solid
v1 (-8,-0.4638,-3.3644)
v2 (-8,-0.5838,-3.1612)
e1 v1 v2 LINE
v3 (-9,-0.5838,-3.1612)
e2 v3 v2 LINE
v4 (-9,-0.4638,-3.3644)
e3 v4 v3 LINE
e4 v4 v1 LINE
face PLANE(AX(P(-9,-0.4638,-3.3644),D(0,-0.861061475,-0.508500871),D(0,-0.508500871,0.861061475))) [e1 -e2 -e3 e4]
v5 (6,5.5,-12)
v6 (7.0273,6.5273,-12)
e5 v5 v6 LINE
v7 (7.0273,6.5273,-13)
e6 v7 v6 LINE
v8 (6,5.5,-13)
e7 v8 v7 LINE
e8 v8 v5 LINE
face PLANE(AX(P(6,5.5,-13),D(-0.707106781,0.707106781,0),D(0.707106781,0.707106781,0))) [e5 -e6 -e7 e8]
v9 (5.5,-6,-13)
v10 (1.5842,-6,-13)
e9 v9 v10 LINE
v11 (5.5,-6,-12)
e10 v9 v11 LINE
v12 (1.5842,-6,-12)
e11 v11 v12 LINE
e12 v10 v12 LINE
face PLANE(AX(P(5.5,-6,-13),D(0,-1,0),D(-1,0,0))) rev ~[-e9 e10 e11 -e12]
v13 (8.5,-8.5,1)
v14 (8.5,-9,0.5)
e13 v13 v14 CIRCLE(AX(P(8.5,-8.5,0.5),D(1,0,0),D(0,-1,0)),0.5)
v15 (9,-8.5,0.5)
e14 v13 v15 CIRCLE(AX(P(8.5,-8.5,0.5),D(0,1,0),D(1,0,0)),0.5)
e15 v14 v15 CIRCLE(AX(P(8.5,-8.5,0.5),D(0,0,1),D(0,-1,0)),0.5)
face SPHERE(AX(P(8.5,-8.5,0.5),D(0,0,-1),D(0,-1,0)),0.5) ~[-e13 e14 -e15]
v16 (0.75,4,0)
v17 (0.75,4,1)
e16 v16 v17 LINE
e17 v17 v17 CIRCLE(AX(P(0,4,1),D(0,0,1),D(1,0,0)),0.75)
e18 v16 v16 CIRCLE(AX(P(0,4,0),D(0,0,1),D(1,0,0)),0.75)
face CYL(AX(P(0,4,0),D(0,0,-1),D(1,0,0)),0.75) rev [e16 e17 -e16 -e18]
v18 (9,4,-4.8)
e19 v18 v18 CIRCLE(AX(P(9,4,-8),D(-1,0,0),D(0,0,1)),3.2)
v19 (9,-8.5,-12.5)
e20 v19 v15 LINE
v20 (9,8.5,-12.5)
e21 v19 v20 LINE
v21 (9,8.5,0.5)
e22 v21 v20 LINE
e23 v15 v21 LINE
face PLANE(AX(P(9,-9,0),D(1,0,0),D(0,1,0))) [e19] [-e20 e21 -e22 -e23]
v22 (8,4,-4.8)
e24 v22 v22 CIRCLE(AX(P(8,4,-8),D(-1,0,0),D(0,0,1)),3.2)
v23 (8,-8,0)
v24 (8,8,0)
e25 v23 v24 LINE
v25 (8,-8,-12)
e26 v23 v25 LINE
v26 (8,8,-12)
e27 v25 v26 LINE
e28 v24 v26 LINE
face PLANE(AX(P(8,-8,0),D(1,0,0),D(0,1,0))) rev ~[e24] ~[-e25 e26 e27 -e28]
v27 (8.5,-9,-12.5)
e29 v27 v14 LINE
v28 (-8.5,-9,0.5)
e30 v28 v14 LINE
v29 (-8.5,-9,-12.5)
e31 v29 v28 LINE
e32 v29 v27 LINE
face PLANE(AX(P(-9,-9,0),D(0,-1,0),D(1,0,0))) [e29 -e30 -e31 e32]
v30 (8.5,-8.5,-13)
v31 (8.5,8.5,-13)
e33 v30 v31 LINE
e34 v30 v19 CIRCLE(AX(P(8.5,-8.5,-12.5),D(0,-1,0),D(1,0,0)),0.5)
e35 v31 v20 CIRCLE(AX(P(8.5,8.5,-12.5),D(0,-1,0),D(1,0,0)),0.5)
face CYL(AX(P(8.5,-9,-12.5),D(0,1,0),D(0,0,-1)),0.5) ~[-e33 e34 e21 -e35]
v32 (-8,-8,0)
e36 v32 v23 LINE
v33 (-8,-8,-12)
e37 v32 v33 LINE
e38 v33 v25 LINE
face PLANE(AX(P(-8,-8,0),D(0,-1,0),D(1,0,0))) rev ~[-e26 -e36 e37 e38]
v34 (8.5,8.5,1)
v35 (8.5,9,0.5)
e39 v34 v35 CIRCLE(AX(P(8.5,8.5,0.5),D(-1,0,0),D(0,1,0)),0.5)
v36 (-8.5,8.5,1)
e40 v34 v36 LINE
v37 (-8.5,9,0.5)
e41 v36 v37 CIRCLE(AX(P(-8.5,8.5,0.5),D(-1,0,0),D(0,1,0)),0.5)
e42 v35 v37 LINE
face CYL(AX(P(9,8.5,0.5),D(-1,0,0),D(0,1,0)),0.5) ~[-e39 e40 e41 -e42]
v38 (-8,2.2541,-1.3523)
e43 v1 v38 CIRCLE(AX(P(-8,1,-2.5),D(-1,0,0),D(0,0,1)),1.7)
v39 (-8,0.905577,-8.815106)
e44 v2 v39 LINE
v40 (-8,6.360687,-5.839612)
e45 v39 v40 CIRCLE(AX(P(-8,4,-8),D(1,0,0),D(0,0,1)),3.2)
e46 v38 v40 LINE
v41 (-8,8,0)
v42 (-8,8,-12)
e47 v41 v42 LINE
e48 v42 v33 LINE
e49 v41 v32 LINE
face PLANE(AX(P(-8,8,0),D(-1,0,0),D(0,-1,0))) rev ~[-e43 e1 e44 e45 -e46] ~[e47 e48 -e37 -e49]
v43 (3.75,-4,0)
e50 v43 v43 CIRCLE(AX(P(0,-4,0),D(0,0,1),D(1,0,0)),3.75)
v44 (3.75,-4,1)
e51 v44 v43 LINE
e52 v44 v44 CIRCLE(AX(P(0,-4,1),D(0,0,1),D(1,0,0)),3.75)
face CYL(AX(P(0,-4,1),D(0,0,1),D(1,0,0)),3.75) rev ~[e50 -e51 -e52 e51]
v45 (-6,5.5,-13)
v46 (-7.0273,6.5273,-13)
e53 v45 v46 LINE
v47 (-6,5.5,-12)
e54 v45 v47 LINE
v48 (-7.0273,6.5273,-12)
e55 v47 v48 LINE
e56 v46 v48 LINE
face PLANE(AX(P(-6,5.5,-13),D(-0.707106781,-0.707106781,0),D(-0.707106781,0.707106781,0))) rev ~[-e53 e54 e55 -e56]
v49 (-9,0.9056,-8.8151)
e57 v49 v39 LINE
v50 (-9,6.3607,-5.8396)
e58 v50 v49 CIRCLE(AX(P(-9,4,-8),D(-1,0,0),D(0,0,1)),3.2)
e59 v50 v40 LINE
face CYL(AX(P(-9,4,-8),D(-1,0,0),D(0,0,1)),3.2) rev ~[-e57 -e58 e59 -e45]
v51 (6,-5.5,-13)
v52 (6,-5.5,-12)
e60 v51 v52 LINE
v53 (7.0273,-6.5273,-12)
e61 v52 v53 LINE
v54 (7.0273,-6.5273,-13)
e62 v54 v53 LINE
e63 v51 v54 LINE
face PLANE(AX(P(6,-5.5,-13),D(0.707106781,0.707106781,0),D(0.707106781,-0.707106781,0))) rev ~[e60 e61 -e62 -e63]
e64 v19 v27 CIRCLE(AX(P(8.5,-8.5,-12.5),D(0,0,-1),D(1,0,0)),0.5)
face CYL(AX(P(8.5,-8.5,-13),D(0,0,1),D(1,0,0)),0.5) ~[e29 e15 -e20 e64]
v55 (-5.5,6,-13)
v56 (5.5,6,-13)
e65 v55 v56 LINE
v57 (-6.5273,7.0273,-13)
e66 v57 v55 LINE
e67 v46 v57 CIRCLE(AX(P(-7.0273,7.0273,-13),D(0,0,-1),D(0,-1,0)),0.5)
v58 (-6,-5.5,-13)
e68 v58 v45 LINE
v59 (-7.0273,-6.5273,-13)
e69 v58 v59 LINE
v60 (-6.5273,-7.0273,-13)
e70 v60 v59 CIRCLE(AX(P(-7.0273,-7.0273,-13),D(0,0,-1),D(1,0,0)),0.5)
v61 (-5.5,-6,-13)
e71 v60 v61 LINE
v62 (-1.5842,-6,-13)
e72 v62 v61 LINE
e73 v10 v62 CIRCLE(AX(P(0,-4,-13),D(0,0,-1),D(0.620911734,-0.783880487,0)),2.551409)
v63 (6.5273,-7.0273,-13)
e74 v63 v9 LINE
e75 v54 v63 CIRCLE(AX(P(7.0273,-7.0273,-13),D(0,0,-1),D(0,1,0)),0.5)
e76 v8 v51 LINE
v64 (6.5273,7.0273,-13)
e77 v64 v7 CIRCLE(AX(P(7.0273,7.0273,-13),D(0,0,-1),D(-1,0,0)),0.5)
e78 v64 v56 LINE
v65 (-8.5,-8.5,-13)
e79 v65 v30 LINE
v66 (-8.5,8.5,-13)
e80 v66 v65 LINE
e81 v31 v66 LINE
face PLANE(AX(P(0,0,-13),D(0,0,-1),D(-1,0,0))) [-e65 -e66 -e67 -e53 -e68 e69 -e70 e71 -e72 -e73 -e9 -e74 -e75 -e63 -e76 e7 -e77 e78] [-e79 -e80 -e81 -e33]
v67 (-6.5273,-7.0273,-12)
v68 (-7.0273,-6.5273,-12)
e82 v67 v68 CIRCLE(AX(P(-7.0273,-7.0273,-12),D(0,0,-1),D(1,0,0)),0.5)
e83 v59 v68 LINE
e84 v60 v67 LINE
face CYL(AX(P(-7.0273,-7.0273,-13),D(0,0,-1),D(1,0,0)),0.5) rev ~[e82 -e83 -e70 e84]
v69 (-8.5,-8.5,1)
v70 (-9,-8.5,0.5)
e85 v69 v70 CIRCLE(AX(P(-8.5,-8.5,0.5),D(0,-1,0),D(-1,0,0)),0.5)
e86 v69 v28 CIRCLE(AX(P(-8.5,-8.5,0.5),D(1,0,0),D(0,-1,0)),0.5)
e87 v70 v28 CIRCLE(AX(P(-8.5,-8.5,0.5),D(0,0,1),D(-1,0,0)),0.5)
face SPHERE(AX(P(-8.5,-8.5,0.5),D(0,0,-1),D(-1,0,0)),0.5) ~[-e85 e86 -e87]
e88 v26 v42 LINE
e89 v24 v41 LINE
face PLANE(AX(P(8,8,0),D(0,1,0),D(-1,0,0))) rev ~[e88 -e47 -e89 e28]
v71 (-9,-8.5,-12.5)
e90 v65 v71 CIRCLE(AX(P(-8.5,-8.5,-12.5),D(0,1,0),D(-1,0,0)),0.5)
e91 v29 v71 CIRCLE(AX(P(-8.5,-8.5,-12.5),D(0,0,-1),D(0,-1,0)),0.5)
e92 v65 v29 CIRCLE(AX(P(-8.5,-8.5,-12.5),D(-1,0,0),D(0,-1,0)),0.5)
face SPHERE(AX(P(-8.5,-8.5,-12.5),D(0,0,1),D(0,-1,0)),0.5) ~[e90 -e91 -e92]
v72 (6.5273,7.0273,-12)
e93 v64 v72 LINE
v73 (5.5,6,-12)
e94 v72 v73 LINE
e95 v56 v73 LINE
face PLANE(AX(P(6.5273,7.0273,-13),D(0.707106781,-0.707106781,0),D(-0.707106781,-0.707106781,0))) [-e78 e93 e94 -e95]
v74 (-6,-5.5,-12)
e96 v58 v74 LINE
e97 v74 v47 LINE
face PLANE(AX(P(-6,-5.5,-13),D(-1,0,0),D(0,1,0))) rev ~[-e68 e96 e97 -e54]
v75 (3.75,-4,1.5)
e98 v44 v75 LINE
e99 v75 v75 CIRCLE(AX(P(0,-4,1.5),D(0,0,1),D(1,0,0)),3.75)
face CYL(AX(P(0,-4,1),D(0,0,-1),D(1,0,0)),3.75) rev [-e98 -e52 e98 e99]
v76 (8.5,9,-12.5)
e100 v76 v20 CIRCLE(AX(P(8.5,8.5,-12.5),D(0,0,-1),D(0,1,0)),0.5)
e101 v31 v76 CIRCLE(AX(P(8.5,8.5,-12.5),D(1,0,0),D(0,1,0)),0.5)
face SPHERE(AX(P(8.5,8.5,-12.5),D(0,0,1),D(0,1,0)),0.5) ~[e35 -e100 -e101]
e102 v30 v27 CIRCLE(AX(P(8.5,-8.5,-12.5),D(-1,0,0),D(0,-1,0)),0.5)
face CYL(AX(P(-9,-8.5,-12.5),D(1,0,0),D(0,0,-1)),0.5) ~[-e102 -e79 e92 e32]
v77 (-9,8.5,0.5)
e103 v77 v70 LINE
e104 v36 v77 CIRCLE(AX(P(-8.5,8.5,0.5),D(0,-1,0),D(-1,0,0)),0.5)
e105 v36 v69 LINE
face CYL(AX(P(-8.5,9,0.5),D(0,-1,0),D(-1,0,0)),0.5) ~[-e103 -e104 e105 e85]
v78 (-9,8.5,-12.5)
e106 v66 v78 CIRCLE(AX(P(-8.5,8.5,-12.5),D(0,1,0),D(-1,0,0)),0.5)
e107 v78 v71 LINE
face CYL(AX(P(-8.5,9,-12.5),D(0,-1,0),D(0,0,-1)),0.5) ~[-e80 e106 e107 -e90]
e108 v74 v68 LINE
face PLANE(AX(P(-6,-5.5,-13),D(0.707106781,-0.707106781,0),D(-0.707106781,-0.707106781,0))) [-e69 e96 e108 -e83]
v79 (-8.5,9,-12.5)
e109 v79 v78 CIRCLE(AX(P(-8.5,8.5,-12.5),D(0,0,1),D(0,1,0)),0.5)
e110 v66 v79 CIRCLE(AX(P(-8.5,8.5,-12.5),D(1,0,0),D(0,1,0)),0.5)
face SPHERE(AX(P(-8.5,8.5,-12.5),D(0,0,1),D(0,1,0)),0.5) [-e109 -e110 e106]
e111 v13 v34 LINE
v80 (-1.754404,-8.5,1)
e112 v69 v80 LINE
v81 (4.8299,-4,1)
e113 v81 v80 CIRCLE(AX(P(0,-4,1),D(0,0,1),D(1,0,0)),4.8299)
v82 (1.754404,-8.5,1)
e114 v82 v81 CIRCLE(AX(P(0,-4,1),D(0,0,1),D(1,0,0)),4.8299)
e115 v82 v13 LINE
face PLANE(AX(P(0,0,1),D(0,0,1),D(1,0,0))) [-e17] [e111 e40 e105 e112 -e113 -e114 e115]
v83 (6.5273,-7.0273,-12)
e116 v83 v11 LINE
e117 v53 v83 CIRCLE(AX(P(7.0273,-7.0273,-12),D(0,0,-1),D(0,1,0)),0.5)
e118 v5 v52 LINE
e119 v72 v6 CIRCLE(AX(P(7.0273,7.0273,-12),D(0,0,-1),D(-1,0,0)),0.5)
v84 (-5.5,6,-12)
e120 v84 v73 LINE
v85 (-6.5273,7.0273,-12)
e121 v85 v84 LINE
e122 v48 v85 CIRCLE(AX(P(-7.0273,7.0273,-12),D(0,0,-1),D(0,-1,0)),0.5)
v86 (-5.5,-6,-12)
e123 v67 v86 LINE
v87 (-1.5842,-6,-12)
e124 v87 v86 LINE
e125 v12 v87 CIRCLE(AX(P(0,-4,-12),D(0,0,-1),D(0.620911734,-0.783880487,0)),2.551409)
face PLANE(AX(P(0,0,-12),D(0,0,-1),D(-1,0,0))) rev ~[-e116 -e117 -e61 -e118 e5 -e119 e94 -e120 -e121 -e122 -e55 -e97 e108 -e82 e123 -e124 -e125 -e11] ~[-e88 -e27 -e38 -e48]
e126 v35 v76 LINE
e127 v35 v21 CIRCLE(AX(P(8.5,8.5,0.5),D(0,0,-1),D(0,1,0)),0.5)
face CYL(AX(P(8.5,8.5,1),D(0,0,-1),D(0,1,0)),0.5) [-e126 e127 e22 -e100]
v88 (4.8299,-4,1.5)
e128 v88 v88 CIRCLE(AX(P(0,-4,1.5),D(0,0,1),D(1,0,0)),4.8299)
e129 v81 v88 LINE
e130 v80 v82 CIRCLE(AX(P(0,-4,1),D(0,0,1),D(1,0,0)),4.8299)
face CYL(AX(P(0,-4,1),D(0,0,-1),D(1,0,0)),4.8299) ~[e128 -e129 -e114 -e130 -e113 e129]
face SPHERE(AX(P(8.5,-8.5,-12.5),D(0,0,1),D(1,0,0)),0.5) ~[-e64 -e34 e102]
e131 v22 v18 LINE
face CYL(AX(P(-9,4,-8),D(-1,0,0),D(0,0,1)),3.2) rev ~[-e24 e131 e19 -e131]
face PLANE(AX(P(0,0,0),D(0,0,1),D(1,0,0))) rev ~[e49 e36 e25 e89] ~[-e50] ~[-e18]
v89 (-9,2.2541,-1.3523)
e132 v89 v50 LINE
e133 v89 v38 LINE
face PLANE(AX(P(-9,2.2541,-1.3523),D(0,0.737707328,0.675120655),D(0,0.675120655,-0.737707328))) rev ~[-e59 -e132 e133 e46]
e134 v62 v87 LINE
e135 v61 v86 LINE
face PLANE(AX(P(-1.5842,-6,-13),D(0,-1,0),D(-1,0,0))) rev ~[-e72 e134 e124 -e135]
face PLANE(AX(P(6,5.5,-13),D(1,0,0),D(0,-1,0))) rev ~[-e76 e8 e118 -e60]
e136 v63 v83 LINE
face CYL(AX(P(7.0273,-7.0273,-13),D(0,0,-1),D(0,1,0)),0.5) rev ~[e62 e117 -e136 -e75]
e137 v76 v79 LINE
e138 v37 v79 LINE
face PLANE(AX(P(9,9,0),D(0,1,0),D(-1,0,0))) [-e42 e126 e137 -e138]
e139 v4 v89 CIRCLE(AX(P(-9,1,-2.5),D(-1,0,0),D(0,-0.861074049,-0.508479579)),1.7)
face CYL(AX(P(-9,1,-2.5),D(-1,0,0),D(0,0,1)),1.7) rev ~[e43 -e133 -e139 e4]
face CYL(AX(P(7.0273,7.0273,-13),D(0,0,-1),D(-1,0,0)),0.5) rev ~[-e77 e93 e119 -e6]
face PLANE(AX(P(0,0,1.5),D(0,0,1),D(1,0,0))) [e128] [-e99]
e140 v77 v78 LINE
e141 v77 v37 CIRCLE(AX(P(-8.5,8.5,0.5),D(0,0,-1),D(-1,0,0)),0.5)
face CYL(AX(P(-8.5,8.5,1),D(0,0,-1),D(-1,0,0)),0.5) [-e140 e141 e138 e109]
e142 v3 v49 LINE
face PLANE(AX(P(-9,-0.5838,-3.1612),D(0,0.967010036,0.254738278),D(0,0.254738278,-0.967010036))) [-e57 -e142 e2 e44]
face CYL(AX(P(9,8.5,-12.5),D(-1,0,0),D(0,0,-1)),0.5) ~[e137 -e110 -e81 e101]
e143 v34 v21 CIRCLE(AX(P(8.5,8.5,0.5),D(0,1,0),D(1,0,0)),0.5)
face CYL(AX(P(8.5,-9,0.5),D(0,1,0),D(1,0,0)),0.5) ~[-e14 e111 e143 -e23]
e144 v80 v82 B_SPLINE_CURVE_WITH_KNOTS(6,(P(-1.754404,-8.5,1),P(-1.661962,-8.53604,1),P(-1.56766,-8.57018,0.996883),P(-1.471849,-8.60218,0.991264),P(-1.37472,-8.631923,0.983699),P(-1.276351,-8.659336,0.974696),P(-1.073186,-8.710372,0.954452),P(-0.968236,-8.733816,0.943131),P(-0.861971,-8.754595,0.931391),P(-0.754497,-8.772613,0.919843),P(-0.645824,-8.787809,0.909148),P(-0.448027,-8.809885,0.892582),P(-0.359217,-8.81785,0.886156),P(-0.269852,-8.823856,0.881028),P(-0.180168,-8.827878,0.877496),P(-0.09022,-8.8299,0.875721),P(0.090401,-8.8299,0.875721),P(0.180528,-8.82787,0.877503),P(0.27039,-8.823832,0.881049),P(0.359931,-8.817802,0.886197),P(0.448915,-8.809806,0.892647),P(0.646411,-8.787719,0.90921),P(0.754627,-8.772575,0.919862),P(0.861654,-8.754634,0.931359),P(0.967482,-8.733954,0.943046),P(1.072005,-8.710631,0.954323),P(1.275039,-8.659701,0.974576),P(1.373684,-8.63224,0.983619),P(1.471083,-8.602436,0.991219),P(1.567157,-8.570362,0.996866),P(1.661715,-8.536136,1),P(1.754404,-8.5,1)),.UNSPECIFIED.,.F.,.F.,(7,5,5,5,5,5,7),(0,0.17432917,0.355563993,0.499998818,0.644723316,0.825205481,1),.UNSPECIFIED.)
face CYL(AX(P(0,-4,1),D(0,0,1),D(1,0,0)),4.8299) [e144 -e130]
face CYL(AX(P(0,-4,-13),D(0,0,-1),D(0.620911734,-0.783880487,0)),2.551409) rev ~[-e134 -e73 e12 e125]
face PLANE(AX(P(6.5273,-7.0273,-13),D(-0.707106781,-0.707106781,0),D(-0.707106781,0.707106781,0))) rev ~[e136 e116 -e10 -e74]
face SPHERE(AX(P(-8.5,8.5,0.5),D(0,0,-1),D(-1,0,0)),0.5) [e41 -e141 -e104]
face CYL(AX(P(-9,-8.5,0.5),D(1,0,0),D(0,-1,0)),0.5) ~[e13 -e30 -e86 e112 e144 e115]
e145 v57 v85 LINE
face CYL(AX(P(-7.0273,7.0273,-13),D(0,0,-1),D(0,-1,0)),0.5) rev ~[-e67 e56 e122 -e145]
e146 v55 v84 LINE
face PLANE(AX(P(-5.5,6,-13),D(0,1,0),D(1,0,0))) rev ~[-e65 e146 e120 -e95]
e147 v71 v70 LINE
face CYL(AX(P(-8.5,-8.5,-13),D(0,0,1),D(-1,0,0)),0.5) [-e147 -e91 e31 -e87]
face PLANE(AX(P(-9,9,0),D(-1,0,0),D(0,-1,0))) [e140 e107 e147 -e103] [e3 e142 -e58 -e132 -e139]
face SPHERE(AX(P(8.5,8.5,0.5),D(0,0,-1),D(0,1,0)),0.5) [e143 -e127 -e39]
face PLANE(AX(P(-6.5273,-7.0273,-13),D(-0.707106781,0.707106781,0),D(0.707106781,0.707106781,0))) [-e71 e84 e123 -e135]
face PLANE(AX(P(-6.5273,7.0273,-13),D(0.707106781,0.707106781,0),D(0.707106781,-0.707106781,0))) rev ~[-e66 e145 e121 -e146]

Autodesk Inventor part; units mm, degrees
ref_plane "YZ Plane" through (0, 0, 0) normal (1, 0, 0) x (0, 1, 0)
ref_plane "XZ Plane" through (0, 0, 0) normal (0, 1, 0) x (-1, 0, 0)
ref_plane "XY Plane" through (0, 0, 0) normal (0, 0, 1) x (1, 0, 0)
sketch "Эскиз1" plane through (0, 0, 0) normal (0, 0, 1) x (1, 0, 0)
  line L0 (-8, -8) -> (8, -8)
  line L1 (8, -8) -> (8, 8)
  line L2 (8, 8) -> (-8, 8)
  line L3 (-8, 8) -> (-8, -8)
  circle A0 centre (0, -4) radius 2.3157
  circle A1 centre (0, 4) radius 0.75
  line L4 (-9, -9) -> (9, -9)
  line L5 (9, -9) -> (9, 9)
  line L6 (9, 9) -> (-9, 9)
  line L7 (-9, 9) -> (-9, -9)
  point P0 (0, 0)
  dimension "d0" = 16
  dimension "d1" = 16
  dimension "d2" = 8
  dimension "d3" = 8
  dimension "d4" = 1.5
  dimension "d5" = 4
  dimension "d6" = 4
  dimension "d7" = 1
extrude "Выдавливание1" add sketch "Эскиз1" along normal blind 1 contours L3 L2 L1 L0 | L7 L6 L5 L4
extrude "Выдавливание2" add sketch "Эскиз1" against normal blind 13 contours L7 L6 L5 L4
sketch "Эскиз2" plane through (0, 0, -13) normal (0, 0, -1) x (-1, 0, 0)
  line L0 (-8, -8) -> (-8, 8)
  line L1 (-8, 8) -> (8, 8)
  line L2 (8, 8) -> (8, -8)
  line L3 (8, -8) -> (-8, -8)
  line L4 (-9, -9) -> (9, -9)
  line L5 (9, -9) -> (9, 9)
  line L6 (9, 9) -> (-9, 9)
  line L7 (-9, 9) -> (-9, -9)
  line L8 (-6, 5.5) -> (-6, -5.5)
  line L9 (6, -5.5) -> (6, 5.5)
  line L10 (5.5, 6) -> (-5.5, 6)
  spline S0 degree 3 number of poles 196 construction
  circle A0 centre (0, -4) radius 2.3157
  arc A1 (-1.5842, -6) -> (1.5842, -6) centre (0, -4) ccw
  line L11 (-5.5, -6) -> (-1.5842, -6)
  line L12 (-1.1537, -6) -> (-1.1341, -6)
  line L13 (1.5842, -6) -> (5.5, -6)
  line L14 (1.1397, -6) -> (1.1535, -6)
  line L15 (-8, -8) -> (8, -8) construction
  line L16 (-8, -8) -> (8, 8) construction
  line L17 (8, 8) -> (-8, 8) construction
  line L18 (-8, 8) -> (8, -8) construction
  line L19 (7.0273, 7.0273) -> (-7.0273, 7.0273) construction
  line L20 (-7.0273, 7.0273) -> (-7.0273, -7.0273) construction
  line L21 (-7.0273, -7.0273) -> (7.0273, -7.0273) construction
  line L22 (7.0273, -7.0273) -> (7.0273, 7.0273) construction
  line L23 (7.0273, 7.0273) -> (-7.0273, -7.0273) construction
  line L24 (-7.0273, 7.0273) -> (7.0273, -7.0273) construction
  arc A2 (-7.0273, -6.5273) -> (-6.5273, -7.0273) centre (-7.0273, -7.0273) ccw
  arc A3 (-6.5273, 7.0273) -> (-7.0273, 6.5273) centre (-7.0273, 7.0273) ccw
  arc A4 (7.0273, 6.5273) -> (6.5273, 7.0273) centre (7.0273, 7.0273) ccw
  arc A5 (6.5273, -7.0273) -> (7.0273, -6.5273) centre (7.0273, -7.0273) ccw
  line L25 (-6, -5.5) -> (-7.0273, -6.5273)
  line L26 (-6.5273, -7.0273) -> (-5.5, -6)
  line L27 (-6, 5.5) -> (-7.0273, 6.5273)
  line L28 (-6.5273, 7.0273) -> (-5.5, 6)
  line L29 (6.5273, -7.0273) -> (5.5, -6)
  line L30 (0, -0.5) -> (-0.5, 0)
  line L31 (0, 0.5) -> (0.5, 0)
  line L32 (6, -5.5) -> (7.0273, -6.5273)
  line L33 (0, -0.5) -> (0.5, 0)
  line L34 (6, 5.5) -> (7.0273, 6.5273)
  line L35 (6.5273, 7.0273) -> (5.5, 6)
  line L36 (0, 0.5) -> (-0.5, 0)
  point P0 (0, 0)
  dimension "d12" = 2
  dimension "d16" = 1
  dimension "d17" = 1
  dimension "d18" = 1
  dimension "d19" = 1
extrude "Выдавливание3" add sketch "Эскиз2" against normal blind 1 contours L0 L1 L2 L3
fillet "Сопряжение1" radius 0.5 12 edges at (9, -9, -6) (-9, -9, -6) (-9, 9, -6) (9, 9, -6) (-9, 0, 1) (0, -9, 1) (0, 9, 1) (9, 0, 1) (0, 9, -13) (9, 0, -13) (0, -9, -13) (-9, 0, -13)
sketch "Эскиз3" plane through (0, 0, 1) normal (0, 0, 1) x (1, 0, 0)
  circle A0 centre (0, -4) radius 2.3157 projected
  circle A1 centre (0, -4) radius 2.3157
  circle A2 centre (0, -4) radius 3.75
  circle A3 centre (0, -4) radius 4.8299
  point P0 (0, 0)
  dimension "d22" = 7.5
extrude "Выдавливание4" add sketch "Эскиз3" along normal mid plane 1 contours A3
extrude "Выдавливание5" cut sketch "Эскиз3" against normal blind 1 contours A2
sketch "Эскиз4" plane through (-9, -8.5, 0.5) normal (-1, 0, 0) x (0, 0, 1)
  circle A0 centre (-8.5, 12.5) radius 3.2 projected
  circle A1 centre (-3, 9.5) radius 1.7 projected
  line L0 (-3.8644, 8.0362) -> (-3.6612, 7.9162)
  line L1 (-3.6612, 7.9162) -> (-9.3151, 9.4056)
  line L2 (-1.8523, 10.7541) -> (-6.3396, 14.8607)
  point P0 (-0.5, 8.5)
extrude "Выдавливание6" cut sketch "Эскиз4" against normal blind 20 contours A0
extrude "Выдавливание7" cut sketch "Эскиз4" against normal blind 2
properties part number "кожух  блока"
